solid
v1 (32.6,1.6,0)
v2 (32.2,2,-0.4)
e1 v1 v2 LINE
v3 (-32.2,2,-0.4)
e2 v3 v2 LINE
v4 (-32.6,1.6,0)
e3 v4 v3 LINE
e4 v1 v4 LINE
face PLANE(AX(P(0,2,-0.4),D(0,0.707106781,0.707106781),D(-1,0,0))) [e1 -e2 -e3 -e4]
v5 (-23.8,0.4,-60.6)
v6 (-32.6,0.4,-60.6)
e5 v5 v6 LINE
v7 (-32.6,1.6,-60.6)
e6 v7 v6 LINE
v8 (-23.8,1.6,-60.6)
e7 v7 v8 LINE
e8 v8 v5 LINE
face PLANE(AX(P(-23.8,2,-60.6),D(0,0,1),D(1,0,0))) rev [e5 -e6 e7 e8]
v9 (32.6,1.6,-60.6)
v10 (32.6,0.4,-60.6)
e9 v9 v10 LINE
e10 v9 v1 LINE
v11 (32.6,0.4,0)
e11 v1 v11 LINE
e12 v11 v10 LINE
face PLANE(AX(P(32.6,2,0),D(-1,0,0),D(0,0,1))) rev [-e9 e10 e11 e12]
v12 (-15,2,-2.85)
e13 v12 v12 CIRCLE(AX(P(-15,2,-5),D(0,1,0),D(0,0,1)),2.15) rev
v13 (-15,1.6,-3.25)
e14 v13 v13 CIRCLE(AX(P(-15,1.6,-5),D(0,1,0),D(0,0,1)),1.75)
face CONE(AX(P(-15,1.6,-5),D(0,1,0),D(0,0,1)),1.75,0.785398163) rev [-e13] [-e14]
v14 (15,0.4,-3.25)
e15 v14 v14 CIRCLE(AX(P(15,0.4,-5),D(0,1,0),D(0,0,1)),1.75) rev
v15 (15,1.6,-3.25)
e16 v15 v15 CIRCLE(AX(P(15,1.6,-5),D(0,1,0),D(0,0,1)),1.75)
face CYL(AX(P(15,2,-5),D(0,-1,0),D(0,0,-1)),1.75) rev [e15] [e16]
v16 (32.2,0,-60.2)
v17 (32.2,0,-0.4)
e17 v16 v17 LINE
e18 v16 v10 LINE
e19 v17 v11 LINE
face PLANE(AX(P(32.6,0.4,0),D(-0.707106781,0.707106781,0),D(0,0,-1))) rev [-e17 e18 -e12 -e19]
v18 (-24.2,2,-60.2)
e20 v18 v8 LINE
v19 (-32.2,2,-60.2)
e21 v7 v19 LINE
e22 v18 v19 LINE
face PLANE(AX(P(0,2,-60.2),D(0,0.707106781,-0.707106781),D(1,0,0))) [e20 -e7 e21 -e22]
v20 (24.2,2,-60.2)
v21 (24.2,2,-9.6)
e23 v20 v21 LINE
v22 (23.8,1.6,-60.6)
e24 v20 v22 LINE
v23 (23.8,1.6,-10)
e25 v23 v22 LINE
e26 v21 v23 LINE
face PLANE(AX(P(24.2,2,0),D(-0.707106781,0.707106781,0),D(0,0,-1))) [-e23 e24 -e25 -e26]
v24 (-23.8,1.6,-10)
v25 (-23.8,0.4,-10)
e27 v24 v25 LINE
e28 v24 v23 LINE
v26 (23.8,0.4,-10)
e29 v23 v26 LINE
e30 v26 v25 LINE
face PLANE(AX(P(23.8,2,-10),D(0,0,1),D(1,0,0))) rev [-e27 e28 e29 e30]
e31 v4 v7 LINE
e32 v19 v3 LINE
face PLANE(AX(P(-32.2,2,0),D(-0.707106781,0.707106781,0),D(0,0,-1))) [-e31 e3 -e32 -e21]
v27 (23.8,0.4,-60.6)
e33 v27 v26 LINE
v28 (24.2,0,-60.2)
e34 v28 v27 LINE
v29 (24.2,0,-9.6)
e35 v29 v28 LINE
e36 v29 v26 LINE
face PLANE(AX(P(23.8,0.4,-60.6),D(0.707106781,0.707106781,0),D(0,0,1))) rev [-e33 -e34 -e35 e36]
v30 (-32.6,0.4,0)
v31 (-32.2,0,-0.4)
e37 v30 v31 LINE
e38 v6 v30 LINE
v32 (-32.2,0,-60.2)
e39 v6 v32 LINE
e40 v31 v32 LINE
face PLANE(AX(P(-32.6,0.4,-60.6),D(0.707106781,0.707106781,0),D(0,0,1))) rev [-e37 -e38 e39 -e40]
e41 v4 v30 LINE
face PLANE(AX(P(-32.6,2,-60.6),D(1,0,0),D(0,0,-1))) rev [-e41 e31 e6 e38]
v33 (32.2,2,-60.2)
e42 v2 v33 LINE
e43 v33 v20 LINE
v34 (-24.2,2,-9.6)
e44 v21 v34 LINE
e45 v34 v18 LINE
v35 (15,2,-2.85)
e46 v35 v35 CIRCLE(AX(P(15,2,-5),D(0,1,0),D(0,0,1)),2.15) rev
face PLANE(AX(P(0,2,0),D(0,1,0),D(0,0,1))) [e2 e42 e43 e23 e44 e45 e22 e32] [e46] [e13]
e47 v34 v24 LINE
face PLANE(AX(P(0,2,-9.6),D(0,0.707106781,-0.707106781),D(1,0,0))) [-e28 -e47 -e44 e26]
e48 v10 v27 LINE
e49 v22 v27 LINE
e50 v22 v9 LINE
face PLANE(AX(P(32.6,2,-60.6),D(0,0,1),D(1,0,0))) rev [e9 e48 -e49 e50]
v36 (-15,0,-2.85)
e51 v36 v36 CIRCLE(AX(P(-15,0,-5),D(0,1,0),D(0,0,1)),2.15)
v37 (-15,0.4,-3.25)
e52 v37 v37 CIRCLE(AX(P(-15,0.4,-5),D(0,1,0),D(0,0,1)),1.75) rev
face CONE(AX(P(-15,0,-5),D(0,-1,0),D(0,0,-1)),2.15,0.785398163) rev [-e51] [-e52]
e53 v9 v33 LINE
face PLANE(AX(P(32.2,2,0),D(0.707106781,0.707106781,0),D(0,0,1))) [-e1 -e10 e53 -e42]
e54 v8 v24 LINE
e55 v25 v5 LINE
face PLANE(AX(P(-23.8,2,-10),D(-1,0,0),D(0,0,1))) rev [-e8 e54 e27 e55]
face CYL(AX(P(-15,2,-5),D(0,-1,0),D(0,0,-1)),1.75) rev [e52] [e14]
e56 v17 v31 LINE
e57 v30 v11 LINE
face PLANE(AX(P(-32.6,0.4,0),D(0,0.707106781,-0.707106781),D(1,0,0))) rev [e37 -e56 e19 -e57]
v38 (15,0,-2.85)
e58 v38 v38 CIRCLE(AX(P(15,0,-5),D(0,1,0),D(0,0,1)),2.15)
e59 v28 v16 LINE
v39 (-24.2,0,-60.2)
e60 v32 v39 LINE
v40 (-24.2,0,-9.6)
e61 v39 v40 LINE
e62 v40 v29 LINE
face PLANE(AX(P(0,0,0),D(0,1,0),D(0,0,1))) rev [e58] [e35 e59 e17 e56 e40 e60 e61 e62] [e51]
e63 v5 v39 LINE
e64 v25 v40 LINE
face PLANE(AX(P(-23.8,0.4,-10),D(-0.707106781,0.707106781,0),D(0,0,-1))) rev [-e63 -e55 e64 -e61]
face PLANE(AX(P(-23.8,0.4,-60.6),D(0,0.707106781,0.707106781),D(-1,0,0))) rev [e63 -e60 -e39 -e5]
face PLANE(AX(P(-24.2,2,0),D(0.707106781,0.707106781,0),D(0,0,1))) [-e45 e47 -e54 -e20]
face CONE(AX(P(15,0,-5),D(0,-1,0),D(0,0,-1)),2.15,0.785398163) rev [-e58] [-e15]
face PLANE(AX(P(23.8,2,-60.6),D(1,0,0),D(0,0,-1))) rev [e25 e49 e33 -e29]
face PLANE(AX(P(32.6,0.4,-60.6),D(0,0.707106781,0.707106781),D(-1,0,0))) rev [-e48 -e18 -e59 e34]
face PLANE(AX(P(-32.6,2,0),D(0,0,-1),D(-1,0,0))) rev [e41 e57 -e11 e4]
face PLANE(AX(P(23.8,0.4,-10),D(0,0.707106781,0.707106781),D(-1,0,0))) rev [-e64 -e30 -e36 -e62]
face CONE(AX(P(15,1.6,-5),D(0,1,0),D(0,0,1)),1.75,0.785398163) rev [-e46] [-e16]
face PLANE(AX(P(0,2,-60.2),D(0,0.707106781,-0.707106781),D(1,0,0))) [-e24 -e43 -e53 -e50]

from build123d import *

# Parameters (mm, degrees)
SKETCH1_R           = 1.75
BOSS_EXTRUDE1_DEPTH = 2
CHAMFER1_SIZE       = 0.4


with BuildPart() as part:
    # Sketch1 → Boss-Extrude1 (new body)
    with BuildSketch(Plane(origin=(0, 0, 0), x_dir=(1, 0, 0), z_dir=(0, 1, 0))):
        Polygon((-32.6, 0), (32.6, 0), (32.6, 60.6), (23.8, 60.6), (23.8, 10), (-23.8, 10), (-23.8, 60.6), (-32.6, 60.6), align=None)
        with Locations(Location((-15, 5, 0), (0, 0, 270))):
            Circle(SKETCH1_R, mode=Mode.SUBTRACT)
        with Locations(Location((15, 5, 0), (0, 0, 270))):
            Circle(SKETCH1_R, mode=Mode.SUBTRACT)
    extrude(amount=BOSS_EXTRUDE1_DEPTH)

    # Chamfer1
    chamfer1_edges = [part.edges().sort_by_distance(p)[0] for p in [
        (28.2, 0, -60.6),
        (32.6, 0, -30.3),
        (0, 0, 0),
        (-32.6, 0, -30.3),
        (32.6, 2, -30.3),
        (28.2, 2, -60.6),
        (23.8, 2, -35.3),
        (-15, 0, -6.75),
        (-15, 2, -6.75),
        (0, 2, -10),
        (15, 0, -6.75),
        (15, 2, -6.75),
        (-23.8, 2, -35.3),
        (-28.2, 2, -60.6),
        (-32.6, 2, -30.3),
        (-28.2, 0, -60.6),
        (0, 2, 0),
        (-23.8, 0, -35.3),
        (0, 0, -10),
        (23.8, 0, -35.3),
    ]]
    chamfer(chamfer1_edges, length=CHAMFER1_SIZE)


solid = part.part
